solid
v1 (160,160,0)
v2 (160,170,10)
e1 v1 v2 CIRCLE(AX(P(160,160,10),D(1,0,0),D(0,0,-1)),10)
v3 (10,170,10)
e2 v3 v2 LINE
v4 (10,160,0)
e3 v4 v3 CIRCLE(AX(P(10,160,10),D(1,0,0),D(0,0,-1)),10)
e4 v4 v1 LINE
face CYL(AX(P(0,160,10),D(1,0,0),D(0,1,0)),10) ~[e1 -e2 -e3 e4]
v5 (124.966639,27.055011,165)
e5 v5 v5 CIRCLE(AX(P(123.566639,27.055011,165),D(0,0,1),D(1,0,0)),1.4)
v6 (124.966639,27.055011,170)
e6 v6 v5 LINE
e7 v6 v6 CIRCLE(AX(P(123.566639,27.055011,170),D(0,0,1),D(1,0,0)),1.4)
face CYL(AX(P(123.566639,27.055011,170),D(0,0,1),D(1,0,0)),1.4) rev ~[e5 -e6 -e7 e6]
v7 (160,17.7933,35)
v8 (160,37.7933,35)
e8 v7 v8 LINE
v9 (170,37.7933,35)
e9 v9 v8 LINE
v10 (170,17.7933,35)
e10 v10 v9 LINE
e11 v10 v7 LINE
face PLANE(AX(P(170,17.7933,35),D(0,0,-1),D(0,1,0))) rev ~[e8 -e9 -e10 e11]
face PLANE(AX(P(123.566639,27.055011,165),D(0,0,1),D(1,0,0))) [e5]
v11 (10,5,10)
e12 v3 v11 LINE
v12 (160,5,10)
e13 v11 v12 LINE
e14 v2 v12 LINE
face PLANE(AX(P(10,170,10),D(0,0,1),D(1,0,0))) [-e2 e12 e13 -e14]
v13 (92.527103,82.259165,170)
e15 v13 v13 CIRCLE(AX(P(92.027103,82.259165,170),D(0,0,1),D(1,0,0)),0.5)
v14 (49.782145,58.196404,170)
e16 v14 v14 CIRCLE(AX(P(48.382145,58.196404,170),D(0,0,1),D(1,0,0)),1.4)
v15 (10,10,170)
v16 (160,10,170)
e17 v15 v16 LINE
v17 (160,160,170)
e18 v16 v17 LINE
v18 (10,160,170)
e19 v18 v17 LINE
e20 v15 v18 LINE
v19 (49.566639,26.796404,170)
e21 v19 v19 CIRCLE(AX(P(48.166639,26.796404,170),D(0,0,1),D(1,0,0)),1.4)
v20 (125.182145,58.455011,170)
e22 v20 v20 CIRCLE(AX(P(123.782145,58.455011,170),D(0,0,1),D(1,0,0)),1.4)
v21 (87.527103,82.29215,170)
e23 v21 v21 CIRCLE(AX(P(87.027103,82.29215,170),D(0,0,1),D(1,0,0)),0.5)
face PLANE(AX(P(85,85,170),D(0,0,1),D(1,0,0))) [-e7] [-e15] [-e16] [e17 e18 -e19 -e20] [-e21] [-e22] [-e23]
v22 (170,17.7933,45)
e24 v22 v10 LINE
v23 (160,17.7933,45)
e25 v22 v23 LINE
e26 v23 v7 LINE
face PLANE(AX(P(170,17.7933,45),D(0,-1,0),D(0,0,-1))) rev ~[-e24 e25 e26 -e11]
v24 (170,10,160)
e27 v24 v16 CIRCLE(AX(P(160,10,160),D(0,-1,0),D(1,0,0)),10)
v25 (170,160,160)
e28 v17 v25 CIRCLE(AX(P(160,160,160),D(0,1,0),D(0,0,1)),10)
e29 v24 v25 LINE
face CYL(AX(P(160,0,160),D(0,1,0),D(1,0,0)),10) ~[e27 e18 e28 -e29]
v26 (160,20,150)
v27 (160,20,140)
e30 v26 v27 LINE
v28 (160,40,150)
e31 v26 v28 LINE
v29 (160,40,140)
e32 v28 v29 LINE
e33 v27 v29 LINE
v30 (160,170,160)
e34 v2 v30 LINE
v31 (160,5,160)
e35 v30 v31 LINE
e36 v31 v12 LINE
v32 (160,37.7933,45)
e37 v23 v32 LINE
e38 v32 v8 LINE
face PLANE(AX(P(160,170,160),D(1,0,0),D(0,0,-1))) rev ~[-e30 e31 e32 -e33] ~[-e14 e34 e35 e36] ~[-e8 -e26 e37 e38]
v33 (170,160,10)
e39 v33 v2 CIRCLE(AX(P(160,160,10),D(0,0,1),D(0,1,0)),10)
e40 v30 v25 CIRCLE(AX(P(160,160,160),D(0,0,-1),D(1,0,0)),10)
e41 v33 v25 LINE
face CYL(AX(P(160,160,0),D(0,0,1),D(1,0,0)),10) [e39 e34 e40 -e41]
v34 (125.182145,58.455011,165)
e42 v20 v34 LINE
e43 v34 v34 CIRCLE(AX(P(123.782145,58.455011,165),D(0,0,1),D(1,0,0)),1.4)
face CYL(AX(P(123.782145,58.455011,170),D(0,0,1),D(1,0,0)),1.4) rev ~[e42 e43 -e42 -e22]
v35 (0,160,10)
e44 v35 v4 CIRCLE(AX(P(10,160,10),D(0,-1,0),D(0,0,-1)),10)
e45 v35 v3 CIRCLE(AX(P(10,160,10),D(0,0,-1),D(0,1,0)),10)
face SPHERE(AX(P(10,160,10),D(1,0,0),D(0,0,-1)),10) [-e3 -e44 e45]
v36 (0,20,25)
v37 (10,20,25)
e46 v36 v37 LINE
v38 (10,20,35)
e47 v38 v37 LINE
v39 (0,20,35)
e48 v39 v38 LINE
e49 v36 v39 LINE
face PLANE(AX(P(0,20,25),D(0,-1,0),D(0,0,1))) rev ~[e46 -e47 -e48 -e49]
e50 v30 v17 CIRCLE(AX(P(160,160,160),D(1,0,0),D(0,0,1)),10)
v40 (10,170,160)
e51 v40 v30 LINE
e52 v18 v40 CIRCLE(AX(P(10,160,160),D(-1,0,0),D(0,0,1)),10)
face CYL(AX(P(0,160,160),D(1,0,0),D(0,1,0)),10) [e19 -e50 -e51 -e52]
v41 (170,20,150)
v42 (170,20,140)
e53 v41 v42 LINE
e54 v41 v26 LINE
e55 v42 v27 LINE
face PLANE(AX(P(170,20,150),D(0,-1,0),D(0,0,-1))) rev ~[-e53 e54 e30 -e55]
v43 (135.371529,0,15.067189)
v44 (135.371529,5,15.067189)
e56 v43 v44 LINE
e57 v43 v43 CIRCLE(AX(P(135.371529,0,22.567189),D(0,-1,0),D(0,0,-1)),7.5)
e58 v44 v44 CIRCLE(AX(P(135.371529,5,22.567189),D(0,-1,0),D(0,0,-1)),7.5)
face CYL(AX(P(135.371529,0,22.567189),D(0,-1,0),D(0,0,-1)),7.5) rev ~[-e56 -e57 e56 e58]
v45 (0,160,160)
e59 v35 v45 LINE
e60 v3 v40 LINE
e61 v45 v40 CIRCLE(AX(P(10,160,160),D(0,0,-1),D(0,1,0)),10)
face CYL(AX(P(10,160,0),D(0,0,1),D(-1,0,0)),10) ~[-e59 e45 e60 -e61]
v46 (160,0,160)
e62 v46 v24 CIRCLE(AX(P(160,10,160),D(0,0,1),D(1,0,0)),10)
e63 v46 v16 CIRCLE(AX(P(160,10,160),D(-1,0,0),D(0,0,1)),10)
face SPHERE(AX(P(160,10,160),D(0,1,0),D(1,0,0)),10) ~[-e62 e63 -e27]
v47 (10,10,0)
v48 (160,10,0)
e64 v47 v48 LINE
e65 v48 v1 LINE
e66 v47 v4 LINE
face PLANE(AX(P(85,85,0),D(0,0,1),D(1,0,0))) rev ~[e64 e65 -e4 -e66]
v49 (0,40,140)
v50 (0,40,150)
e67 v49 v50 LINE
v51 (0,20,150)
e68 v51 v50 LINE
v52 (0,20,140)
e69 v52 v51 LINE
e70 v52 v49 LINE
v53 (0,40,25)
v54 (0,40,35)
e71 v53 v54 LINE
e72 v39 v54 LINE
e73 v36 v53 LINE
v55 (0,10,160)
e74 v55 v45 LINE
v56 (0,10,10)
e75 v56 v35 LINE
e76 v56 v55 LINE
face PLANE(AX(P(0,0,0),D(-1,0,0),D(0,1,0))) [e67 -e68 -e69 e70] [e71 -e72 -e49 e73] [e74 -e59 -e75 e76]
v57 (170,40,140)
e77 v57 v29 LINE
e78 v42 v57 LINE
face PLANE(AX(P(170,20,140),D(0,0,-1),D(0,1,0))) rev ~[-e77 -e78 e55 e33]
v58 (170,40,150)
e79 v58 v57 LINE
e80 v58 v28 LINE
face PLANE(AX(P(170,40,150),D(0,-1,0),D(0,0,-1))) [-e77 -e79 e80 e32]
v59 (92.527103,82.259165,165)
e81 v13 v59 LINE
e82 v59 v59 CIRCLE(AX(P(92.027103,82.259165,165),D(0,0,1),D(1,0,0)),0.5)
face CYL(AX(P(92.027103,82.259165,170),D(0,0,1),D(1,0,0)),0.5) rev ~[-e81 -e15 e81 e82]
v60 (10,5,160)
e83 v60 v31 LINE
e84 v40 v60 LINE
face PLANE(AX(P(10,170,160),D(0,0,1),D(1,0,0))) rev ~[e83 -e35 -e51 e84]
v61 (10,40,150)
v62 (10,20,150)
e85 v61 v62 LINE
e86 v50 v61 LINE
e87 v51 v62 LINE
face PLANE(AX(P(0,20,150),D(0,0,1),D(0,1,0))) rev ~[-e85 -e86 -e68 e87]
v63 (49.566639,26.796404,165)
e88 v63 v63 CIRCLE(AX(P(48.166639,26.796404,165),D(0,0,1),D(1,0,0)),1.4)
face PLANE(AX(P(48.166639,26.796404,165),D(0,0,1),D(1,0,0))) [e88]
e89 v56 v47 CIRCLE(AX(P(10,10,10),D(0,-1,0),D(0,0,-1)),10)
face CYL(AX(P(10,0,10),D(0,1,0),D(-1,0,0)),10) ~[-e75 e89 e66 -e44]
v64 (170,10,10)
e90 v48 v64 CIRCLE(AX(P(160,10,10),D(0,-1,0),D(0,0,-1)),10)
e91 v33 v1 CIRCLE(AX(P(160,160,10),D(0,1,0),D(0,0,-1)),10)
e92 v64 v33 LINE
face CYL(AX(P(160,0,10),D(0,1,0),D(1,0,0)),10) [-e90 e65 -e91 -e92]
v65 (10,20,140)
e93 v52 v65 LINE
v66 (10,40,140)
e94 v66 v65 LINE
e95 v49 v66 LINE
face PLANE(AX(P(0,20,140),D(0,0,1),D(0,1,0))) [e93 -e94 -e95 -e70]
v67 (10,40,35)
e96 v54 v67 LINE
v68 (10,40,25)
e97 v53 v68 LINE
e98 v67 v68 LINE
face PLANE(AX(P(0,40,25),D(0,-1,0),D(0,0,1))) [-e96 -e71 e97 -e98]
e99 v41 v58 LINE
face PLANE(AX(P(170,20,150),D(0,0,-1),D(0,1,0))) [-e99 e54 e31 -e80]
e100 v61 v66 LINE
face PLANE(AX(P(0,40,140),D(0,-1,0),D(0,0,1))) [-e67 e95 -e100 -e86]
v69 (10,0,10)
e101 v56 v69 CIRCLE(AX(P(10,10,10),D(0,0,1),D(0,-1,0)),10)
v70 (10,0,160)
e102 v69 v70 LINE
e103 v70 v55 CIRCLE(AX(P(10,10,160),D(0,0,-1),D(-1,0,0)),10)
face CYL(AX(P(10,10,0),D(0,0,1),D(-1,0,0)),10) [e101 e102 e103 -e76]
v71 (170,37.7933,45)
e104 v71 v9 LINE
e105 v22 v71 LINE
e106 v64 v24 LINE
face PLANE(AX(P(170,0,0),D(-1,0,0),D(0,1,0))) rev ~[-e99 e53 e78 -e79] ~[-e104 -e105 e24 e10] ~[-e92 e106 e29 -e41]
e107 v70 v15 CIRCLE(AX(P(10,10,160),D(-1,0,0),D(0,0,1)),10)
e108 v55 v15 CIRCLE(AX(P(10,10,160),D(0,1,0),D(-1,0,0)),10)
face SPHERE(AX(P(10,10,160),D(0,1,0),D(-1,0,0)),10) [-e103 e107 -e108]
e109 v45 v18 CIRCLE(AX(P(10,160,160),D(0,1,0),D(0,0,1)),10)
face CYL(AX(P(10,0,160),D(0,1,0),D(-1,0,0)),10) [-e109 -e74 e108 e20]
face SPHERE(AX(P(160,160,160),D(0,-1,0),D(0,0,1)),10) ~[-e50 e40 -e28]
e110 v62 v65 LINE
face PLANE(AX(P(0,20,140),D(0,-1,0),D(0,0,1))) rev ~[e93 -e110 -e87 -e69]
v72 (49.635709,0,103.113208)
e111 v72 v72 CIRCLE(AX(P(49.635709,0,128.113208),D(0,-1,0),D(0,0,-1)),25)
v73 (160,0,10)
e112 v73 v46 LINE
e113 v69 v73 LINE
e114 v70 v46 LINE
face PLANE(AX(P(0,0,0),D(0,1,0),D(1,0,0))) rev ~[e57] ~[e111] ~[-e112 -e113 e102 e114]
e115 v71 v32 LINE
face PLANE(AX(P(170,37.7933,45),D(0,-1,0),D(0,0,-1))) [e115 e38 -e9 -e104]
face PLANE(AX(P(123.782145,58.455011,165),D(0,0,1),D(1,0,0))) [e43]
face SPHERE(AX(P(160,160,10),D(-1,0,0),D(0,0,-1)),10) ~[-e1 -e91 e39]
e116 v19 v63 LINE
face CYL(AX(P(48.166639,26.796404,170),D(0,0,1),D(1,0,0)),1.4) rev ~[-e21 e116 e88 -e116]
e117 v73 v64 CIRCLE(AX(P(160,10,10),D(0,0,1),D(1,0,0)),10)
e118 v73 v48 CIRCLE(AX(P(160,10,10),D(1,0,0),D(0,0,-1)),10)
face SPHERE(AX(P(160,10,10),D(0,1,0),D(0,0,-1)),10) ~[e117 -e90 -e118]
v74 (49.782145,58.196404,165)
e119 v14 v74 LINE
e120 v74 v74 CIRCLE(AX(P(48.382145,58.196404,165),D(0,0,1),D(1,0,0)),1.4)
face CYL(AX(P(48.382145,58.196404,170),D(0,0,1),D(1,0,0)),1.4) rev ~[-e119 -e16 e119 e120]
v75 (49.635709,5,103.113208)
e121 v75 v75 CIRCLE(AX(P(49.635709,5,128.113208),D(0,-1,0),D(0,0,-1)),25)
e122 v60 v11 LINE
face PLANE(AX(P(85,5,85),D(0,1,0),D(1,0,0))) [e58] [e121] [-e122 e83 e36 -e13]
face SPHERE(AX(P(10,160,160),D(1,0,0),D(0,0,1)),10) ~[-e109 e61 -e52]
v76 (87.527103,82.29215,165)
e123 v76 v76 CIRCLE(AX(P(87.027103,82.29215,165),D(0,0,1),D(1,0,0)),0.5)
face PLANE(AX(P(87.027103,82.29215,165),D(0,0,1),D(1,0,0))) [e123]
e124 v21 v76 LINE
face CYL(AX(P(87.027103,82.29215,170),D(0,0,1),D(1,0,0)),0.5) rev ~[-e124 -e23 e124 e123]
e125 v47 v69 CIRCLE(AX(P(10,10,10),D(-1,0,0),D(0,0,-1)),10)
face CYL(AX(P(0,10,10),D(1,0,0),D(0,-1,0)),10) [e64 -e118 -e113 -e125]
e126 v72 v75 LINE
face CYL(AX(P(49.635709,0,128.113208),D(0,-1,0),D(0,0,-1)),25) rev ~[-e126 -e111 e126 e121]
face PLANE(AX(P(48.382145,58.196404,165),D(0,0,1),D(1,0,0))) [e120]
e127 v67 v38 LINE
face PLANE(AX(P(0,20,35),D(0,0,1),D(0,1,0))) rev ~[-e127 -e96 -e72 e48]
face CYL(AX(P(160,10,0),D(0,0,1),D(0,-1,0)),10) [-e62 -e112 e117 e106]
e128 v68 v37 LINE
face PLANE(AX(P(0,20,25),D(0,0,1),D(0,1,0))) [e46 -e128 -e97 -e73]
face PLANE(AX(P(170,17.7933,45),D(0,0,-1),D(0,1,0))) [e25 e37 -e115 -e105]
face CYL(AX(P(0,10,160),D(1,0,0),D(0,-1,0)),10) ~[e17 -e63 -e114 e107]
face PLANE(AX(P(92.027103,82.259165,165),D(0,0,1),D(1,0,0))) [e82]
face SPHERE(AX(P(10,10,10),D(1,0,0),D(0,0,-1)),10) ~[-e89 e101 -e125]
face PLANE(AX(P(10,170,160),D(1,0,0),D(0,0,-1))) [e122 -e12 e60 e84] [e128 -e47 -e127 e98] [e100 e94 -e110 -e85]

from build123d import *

# Parameters (mm, degrees)
SKETCH1_W           = 170
SKETCH1_H           = 170
BOSS_EXTRUDE2_DEPTH = 170
FILLET5_R           = 10
SKETCH6_W           = 150
SKETCH6_H           = 150
CUT_EXTRUDE2_DEPTH  = 165
SKETCH7_R           = 25
CUT_EXTRUDE3_DEPTH  = 5
SKETCH8_R           = 0.5
CUT_EXTRUDE4_DEPTH  = 5
SKETCH9_R           = 7.5
CUT_EXTRUDE5_DEPTH  = 5
SKETCH10_R          = 1.4
CUT_EXTRUDE8_DEPTH  = 5
SKETCH19_W          = 10
SKETCH19_H          = 20
CUT_EXTRUDE12_DEPTH = 15
SKETCH14_W          = 10
SKETCH14_H          = 20
CUT_EXTRUDE15_DEPTH = 15
SKETCH14_5_W        = 10
SKETCH14_5_H        = 20
CUT_EXTRUDE16_DEPTH = 15


with BuildPart() as part:
    # Sketch1 → Boss-Extrude2 (new body)
    with BuildSketch(Plane.XY):
        with Locations((85, 85)):
            Rectangle(SKETCH1_W, SKETCH1_H)
    extrude(amount=BOSS_EXTRUDE2_DEPTH)

    # Fillet5
    fillet5_edges = [part.edges().sort_by_distance(p)[0] for p in [
        (170, 170, 85),
        (85, 170, 0),
        (0, 85, 0),
        (170, 85, 0),
        (85, 0, 0),
        (170, 0, 85),
        (170, 85, 170),
        (85, 170, 170),
        (0, 170, 85),
        (0, 0, 85),
        (85, 0, 170),
        (0, 85, 170),
    ]]
    fillet(fillet5_edges, radius=FILLET5_R)

    # Sketch6 → Cut-Extrude2 (cut)
    with BuildSketch(Plane(origin=(0, 170, 0), x_dir=(1, 0, 0), z_dir=(0, 1, 0))):
        with Locations((85, -85)):
            Rectangle(SKETCH6_W, SKETCH6_H)
    extrude(amount=-CUT_EXTRUDE2_DEPTH, mode=Mode.SUBTRACT)

    # Sketch7 → Cut-Extrude3 (cut)
    with BuildSketch(Plane(origin=(0, 0, 0), x_dir=(-1, 0, 0), z_dir=(0, -1, 0))):
        with Locations((-49.635709215, -128.113207768)):
            Circle(SKETCH7_R)
    extrude(amount=-CUT_EXTRUDE3_DEPTH, mode=Mode.SUBTRACT)

    # Sketch8 → Cut-Extrude4 (cut)
    with BuildSketch(Plane.XY.offset(170)):
        with Locations((87.027102924, 82.292149715)):
            Circle(SKETCH8_R)
        with Locations((92.027102924, 82.259165374)):
            Circle(SKETCH8_R)
    extrude(amount=-CUT_EXTRUDE4_DEPTH, mode=Mode.SUBTRACT)

    # Sketch9 → Cut-Extrude5 (cut)
    with BuildSketch(Plane(origin=(0, 0, 0), x_dir=(-1, 0, 0), z_dir=(0, -1, 0))):
        with Locations((-135.371528781, -22.567188871)):
            Circle(SKETCH9_R)
    extrude(amount=-CUT_EXTRUDE5_DEPTH, mode=Mode.SUBTRACT)

    # Sketch10 → Cut-Extrude8 (cut)
    with BuildSketch(Plane.XY.offset(170)):
        with Locations((48.382145487, 58.196404185)):
            Circle(SKETCH10_R)
        with Locations((123.782145487, 58.455011456)):
            Circle(SKETCH10_R)
        with Locations((48.166639428, 26.796404185)):
            Circle(SKETCH10_R)
        with Locations((123.566639428, 27.055011456)):
            Circle(SKETCH10_R)
    extrude(amount=-CUT_EXTRUDE8_DEPTH, mode=Mode.SUBTRACT)

    # Sketch19 → Cut-Extrude12 (cut)
    with BuildSketch(Plane(origin=(170, 0, 0), x_dir=(0, 0, -1), z_dir=(1, 0, 0))):
        with Locations((-40, 27.793299749)):
            Rectangle(SKETCH19_W, SKETCH19_H)
        with Locations((-145, 30)):
            Rectangle(SKETCH19_W, SKETCH19_H)
    extrude(amount=-CUT_EXTRUDE12_DEPTH, mode=Mode.SUBTRACT)

    # Sketch14 → Cut-Extrude15 (cut)
    with BuildSketch(Plane.ZY):
        with Locations((30, 30)):
            Rectangle(SKETCH14_W, SKETCH14_H)
    extrude(amount=-CUT_EXTRUDE15_DEPTH, mode=Mode.SUBTRACT)

    # Sketch14<5> → Cut-Extrude16 (cut)
    with BuildSketch(Plane.ZY):
        with Locations((30, 30)):
            Rectangle(SKETCH14_5_W, SKETCH14_5_H)
        with Locations((145, 30)):
            Rectangle(SKETCH14_5_W, SKETCH14_5_H)
    extrude(amount=-CUT_EXTRUDE16_DEPTH, mode=Mode.SUBTRACT)


solid = part.part
